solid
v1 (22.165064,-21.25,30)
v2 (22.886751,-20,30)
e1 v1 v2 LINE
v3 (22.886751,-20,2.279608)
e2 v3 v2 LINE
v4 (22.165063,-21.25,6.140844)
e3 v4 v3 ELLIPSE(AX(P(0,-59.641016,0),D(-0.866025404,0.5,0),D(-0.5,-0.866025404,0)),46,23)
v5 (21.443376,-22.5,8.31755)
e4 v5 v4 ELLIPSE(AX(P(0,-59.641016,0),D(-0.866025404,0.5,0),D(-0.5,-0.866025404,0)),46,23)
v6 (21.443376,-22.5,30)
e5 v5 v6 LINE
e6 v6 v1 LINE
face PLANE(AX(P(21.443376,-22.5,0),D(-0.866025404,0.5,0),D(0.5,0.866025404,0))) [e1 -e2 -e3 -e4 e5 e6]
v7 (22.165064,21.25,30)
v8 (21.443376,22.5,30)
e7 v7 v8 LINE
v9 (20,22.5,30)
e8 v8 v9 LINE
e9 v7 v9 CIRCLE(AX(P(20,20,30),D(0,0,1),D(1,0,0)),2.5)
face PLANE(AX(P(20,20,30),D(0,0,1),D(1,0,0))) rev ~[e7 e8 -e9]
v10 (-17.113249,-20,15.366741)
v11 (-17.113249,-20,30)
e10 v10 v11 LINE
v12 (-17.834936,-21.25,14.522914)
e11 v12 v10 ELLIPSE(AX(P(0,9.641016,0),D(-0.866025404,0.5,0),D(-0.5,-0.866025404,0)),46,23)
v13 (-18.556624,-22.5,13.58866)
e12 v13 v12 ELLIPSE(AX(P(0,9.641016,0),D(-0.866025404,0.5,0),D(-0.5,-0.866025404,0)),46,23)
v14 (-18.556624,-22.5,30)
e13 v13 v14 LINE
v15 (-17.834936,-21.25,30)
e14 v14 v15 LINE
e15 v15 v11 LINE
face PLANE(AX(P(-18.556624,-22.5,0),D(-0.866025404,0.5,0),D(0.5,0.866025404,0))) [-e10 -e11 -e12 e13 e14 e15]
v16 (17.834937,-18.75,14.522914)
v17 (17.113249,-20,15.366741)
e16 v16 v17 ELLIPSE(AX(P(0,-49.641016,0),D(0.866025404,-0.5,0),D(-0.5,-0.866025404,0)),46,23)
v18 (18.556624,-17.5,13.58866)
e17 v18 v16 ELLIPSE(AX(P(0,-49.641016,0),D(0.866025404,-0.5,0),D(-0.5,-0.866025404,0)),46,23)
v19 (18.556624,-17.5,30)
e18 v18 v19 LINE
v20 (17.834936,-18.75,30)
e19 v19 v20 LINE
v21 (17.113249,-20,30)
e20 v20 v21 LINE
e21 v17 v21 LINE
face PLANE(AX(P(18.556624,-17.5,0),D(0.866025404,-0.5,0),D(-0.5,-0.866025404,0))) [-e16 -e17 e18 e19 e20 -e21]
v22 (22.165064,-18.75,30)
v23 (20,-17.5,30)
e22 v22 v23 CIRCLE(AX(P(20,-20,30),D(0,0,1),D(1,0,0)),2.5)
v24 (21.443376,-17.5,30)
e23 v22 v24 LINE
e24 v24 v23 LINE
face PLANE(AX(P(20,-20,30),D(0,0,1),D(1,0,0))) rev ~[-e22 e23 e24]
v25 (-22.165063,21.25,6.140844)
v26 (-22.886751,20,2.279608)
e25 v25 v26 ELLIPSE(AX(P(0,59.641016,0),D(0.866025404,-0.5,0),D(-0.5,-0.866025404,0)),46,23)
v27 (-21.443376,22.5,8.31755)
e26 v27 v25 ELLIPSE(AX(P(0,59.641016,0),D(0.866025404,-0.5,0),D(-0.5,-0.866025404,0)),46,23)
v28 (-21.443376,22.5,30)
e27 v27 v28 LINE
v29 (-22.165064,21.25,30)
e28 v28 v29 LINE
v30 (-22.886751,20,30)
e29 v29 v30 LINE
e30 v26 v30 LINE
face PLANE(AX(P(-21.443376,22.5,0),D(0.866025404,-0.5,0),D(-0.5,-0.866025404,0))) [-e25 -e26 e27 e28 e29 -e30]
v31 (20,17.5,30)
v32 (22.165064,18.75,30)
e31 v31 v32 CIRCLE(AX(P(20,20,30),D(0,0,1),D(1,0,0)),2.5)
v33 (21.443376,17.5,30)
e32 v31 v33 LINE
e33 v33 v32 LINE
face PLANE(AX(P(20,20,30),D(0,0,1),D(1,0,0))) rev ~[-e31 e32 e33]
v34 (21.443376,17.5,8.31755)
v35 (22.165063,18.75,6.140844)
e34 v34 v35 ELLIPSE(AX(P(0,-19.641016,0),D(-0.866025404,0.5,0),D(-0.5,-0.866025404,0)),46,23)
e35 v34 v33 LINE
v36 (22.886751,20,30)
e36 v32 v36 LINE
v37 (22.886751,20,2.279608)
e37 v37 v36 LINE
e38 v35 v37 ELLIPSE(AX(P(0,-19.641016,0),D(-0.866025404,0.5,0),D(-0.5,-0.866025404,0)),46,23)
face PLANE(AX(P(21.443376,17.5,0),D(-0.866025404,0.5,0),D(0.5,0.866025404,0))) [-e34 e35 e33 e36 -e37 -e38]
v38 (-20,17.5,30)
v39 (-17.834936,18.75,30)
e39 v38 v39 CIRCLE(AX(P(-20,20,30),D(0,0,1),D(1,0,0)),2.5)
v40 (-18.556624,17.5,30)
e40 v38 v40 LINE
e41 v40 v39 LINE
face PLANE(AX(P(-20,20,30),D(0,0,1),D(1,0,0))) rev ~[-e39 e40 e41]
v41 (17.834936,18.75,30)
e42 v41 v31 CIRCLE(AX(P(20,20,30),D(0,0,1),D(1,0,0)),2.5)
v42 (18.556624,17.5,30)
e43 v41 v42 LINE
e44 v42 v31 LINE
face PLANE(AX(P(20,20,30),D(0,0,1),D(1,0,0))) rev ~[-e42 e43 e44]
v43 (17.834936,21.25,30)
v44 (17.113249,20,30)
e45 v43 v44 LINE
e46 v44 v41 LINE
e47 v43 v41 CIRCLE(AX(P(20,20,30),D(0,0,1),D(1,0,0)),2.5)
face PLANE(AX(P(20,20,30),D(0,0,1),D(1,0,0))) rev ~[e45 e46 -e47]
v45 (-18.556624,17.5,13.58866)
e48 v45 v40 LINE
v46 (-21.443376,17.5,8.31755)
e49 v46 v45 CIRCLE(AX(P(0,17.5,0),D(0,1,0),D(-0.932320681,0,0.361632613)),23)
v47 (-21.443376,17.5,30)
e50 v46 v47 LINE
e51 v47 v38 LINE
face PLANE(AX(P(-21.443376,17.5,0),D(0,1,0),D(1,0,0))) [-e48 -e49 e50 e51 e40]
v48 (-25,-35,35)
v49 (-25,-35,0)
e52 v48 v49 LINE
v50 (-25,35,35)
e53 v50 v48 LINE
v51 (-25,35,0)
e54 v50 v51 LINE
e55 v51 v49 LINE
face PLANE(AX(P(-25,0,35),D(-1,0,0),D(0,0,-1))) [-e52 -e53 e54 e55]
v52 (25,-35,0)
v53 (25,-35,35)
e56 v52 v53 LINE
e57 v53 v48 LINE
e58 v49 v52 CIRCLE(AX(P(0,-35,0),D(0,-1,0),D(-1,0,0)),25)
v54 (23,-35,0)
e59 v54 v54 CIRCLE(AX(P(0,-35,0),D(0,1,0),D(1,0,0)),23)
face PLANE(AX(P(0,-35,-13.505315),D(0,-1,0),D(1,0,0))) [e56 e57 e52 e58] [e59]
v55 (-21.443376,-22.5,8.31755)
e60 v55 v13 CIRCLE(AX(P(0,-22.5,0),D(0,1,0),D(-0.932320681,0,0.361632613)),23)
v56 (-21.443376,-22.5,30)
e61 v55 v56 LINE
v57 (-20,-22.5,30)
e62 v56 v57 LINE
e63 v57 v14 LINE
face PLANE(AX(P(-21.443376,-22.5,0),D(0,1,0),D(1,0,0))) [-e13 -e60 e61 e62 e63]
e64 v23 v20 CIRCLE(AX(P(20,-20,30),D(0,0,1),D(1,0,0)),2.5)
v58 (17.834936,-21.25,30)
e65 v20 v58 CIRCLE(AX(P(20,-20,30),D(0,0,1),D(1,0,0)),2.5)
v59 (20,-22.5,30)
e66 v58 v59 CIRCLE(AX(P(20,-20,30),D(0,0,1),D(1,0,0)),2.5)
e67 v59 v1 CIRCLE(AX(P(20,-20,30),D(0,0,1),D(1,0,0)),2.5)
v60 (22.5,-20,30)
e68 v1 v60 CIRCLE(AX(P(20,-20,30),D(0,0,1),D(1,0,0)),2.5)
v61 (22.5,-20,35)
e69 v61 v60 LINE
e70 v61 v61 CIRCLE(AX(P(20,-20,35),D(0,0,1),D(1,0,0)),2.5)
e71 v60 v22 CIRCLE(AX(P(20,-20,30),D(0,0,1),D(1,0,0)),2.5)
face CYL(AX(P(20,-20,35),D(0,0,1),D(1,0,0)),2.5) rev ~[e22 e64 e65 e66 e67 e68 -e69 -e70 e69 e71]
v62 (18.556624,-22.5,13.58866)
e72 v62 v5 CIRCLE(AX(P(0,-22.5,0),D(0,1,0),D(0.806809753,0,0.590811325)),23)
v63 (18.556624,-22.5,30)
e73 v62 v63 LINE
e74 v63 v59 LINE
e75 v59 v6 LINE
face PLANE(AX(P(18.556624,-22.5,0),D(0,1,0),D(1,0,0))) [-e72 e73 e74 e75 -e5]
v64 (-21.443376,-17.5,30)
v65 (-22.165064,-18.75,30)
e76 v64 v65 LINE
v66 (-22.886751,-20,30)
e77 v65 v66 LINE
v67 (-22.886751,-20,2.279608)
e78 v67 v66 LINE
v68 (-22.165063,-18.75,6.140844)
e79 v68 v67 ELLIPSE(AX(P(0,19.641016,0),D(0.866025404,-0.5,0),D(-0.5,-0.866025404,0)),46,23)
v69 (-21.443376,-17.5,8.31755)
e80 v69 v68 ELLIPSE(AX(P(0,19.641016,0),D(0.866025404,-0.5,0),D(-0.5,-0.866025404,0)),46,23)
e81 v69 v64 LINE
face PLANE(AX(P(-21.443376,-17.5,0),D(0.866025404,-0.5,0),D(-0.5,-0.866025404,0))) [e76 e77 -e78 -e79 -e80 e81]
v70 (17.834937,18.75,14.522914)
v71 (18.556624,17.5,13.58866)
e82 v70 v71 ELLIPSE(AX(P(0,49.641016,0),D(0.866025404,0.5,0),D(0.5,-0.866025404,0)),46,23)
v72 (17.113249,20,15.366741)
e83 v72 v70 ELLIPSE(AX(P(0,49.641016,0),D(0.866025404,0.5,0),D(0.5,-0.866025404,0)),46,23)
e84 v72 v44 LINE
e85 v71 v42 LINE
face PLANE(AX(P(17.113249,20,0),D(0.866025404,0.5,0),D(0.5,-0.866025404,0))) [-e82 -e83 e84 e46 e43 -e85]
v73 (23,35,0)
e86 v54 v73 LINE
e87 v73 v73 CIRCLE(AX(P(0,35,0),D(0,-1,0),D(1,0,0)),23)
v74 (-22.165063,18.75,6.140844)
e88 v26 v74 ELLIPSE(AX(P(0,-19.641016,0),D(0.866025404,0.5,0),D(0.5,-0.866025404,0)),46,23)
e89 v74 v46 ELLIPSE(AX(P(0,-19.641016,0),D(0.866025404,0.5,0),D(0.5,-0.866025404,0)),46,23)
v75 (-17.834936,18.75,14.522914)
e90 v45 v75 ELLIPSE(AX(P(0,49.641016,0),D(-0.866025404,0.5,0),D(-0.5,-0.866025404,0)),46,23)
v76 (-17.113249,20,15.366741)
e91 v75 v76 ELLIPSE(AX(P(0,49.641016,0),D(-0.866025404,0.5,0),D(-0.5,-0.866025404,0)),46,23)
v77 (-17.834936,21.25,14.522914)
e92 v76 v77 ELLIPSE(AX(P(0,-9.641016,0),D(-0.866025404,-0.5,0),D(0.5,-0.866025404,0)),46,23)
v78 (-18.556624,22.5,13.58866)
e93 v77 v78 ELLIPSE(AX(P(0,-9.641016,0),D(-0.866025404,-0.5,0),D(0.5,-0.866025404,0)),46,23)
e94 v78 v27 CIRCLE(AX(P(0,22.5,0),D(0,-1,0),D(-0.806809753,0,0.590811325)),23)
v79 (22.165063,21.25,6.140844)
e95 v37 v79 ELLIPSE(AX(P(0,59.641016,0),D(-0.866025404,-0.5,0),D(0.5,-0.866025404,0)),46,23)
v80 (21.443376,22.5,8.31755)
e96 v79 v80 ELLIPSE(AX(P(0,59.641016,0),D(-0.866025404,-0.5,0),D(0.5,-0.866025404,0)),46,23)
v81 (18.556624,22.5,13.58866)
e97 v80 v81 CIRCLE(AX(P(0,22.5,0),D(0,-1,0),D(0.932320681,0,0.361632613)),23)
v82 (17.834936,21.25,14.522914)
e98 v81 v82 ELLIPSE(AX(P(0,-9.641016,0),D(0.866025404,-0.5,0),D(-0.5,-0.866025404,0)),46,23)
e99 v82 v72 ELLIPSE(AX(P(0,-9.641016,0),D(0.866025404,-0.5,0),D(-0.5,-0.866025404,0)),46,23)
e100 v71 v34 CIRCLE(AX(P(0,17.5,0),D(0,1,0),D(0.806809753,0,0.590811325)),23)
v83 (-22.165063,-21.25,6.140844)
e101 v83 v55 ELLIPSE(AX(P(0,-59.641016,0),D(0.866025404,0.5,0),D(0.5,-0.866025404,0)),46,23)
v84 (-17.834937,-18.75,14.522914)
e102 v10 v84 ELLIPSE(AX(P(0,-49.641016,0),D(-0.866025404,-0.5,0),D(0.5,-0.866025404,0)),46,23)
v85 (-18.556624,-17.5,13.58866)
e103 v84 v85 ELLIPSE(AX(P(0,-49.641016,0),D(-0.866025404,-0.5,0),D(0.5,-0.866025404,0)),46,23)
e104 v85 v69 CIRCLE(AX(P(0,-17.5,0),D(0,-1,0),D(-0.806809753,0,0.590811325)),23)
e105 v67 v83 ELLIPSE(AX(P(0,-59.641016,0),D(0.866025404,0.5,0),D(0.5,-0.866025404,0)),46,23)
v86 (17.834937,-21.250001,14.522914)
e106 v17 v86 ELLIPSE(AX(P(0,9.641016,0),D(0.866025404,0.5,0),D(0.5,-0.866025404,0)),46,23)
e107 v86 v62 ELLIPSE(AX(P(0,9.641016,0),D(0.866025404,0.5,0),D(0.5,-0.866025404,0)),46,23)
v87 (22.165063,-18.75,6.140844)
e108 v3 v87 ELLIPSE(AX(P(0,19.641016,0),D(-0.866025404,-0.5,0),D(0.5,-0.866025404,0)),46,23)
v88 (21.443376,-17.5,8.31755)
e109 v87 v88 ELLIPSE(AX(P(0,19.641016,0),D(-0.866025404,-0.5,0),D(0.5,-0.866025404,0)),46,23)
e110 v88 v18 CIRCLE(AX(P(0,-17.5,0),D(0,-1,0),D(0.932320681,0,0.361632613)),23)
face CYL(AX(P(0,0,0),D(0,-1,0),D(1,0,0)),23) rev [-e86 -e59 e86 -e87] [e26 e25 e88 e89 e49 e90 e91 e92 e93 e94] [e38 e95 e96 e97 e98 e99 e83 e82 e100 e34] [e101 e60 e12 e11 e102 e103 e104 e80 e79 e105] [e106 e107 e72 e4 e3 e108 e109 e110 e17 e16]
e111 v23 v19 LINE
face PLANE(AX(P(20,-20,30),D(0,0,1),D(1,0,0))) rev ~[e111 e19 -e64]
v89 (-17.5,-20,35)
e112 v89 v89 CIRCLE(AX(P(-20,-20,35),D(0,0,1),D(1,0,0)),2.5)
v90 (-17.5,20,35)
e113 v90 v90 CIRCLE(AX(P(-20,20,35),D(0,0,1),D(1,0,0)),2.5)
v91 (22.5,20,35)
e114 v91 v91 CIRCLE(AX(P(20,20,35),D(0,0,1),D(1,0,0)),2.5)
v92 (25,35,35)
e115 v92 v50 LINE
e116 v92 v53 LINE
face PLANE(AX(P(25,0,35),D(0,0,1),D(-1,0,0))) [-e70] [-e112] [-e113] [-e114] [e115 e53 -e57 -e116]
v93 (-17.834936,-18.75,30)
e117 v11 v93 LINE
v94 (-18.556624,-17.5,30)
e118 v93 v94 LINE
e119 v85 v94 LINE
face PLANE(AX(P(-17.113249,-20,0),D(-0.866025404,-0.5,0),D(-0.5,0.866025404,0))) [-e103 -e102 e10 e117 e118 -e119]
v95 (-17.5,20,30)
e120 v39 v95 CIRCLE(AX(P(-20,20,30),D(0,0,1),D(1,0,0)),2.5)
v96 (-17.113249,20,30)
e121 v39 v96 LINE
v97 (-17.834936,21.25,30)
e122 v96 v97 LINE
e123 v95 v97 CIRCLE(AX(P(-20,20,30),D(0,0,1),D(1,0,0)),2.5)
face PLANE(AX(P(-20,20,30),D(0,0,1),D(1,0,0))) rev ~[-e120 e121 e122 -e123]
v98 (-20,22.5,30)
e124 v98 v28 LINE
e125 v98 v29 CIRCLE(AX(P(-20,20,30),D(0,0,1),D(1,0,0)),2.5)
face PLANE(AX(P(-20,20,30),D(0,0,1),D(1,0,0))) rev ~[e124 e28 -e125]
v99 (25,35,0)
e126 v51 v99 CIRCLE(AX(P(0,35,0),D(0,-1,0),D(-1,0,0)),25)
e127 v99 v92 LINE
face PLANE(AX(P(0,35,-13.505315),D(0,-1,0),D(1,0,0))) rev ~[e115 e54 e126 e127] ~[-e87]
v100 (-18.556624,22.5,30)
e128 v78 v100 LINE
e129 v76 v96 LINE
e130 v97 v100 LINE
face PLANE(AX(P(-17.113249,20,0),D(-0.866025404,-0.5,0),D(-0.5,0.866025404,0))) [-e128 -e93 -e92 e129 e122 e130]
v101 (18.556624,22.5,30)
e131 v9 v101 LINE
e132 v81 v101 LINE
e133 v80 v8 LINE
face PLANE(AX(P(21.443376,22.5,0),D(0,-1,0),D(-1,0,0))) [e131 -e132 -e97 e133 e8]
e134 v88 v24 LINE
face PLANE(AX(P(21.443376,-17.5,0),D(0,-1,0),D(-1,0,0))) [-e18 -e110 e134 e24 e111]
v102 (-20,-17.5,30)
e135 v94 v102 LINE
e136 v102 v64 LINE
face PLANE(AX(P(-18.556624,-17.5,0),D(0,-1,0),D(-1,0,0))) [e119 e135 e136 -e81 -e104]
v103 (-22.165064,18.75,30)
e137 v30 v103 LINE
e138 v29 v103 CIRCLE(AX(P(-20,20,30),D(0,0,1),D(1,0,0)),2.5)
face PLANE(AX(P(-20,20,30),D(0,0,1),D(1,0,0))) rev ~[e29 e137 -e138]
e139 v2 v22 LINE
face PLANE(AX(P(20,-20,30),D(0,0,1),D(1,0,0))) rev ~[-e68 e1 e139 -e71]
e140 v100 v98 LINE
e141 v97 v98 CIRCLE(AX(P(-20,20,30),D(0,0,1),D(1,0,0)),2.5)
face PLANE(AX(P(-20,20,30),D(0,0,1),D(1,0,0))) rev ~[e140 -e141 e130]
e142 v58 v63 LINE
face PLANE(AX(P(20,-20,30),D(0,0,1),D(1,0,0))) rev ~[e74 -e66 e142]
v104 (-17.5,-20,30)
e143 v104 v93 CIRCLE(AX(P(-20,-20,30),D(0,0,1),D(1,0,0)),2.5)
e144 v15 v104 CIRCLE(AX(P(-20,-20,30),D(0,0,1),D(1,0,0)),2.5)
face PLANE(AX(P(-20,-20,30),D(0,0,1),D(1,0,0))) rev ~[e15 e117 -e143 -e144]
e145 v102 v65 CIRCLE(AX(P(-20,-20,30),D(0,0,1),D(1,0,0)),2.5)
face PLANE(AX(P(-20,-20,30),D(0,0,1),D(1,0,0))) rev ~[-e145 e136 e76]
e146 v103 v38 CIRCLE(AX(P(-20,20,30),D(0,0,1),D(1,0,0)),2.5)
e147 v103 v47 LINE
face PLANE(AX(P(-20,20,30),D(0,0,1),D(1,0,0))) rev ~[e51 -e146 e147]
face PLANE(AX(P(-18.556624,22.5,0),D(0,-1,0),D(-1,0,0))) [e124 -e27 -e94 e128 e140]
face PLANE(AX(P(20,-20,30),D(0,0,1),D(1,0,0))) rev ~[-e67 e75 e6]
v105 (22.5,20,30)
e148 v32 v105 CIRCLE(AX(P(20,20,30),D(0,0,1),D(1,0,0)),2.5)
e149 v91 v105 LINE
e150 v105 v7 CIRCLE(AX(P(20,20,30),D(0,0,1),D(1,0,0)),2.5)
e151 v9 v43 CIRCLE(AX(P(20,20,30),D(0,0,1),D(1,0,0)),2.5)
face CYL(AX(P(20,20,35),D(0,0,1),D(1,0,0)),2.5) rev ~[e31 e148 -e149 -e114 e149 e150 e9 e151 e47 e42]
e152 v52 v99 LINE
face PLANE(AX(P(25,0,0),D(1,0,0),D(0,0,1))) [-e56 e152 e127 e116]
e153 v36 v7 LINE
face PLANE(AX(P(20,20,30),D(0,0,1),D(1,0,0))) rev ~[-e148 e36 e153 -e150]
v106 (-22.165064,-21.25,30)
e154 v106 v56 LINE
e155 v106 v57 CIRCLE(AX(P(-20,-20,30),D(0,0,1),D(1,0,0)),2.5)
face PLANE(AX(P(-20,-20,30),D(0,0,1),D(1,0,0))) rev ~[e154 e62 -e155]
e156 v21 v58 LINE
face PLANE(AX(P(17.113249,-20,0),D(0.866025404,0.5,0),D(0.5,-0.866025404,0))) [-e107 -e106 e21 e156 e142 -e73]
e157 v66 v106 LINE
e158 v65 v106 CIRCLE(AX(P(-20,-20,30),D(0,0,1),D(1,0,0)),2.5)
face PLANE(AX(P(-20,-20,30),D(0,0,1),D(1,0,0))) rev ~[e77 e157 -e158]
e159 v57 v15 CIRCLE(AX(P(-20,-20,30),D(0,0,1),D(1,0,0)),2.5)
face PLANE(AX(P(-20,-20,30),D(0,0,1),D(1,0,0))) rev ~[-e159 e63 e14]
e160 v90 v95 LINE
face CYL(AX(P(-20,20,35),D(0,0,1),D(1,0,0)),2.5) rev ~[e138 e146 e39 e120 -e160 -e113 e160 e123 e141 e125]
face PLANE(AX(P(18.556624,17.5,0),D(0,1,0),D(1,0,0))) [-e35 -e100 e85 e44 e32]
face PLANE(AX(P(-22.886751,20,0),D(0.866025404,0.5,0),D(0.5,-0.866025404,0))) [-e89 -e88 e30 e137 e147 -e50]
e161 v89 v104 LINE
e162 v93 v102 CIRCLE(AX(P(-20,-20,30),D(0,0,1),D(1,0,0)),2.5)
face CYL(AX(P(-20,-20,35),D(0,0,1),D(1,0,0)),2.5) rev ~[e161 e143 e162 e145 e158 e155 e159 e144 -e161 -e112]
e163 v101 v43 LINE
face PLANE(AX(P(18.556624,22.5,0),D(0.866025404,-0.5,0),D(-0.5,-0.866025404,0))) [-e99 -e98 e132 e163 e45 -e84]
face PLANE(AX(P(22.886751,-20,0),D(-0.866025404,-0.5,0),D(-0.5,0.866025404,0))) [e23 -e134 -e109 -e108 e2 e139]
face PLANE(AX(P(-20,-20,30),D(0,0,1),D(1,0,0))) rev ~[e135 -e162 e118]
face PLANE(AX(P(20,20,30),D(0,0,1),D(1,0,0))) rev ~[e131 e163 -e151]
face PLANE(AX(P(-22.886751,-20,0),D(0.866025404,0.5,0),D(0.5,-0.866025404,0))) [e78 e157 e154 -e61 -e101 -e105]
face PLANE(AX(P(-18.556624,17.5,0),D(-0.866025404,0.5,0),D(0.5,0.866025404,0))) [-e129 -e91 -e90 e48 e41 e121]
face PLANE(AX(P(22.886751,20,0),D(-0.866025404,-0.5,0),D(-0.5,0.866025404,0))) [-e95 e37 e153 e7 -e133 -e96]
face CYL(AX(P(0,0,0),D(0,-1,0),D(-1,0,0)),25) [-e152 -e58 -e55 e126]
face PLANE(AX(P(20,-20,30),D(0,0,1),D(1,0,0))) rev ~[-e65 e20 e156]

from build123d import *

# Parameters (mm, degrees)
F1_DEPTH = 35
F2_R     = 2.5
F3_DEPTH = 35.001
F4_DEPTH = 35
F6_DEPTH = 30


with BuildPart() as f1:
    # F0 (on Front) → F1 (new body, symmetric)
    with BuildSketch(Plane.XZ):
        with BuildLine():
            ThreePointArc((-25, 0), (0, 25), (25, 0))
            Line((25, 0), (25, 35))
            Line((25, 35), (-25, 35))
            Line((-25, 35), (-25, 0))
        make_face()
        with BuildLine():
            Line((23, 0), (25, 0))
            ThreePointArc((25, 0), (0, 25), (-25, 0))
            Line((-25, 0), (-23, 0))
            ThreePointArc((-23, 0), (0, 23), (23, 0))
        make_face()
    extrude(amount=F1_DEPTH, both=True)

    # F2 (on face) → F3 (cut, through all)
    with BuildSketch(Plane.XY.offset(35)):
        with Locations((20, 20)):
            Circle(F2_R)
        with Locations((-20, 20)):
            Circle(F2_R)
        with Locations((-20, -20)):
            Circle(F2_R)
        with Locations((20, -20)):
            Circle(F2_R)
    extrude(amount=-F3_DEPTH, mode=Mode.SUBTRACT)

    # F0 (on Front) → F4 (join, symmetric)
    with BuildSketch(Plane.XZ):
        with BuildLine():
            ThreePointArc((-25, 0), (0, -25), (25, 0))
            Line((25, 0), (23, 0))
            ThreePointArc((23, 0), (0, -23), (-23, 0))
            Line((-23, 0), (-25, 0))
        make_face()
    extrude(amount=F4_DEPTH, both=True)

    # F5 (on Top) → F6 (cut)
    with BuildSketch(Plane.XY):
        Polygon((-17.1132486541, -20), (-18.556624327, -17.5), (-21.443375673, -17.5), (-22.8867513459, -20), (-21.443375673, -22.5), (-18.556624327, -22.5), align=None)
        Polygon((21.443375673, -17.5), (18.556624327, -17.5), (17.1132486541, -20), (18.556624327, -22.5), (21.443375673, -22.5), (22.8867513459, -20), align=None)
        Polygon((-21.443375673, 17.5), (-18.556624327, 17.5), (-17.1132486541, 20), (-18.556624327, 22.5), (-21.443375673, 22.5), (-22.8867513459, 20), align=None)
        Polygon((17.1132486541, 20), (18.556624327, 17.5), (21.443375673, 17.5), (22.8867513459, 20), (21.443375673, 22.5), (18.556624327, 22.5), align=None)
    extrude(amount=F6_DEPTH, mode=Mode.SUBTRACT)


solid = f1.part
